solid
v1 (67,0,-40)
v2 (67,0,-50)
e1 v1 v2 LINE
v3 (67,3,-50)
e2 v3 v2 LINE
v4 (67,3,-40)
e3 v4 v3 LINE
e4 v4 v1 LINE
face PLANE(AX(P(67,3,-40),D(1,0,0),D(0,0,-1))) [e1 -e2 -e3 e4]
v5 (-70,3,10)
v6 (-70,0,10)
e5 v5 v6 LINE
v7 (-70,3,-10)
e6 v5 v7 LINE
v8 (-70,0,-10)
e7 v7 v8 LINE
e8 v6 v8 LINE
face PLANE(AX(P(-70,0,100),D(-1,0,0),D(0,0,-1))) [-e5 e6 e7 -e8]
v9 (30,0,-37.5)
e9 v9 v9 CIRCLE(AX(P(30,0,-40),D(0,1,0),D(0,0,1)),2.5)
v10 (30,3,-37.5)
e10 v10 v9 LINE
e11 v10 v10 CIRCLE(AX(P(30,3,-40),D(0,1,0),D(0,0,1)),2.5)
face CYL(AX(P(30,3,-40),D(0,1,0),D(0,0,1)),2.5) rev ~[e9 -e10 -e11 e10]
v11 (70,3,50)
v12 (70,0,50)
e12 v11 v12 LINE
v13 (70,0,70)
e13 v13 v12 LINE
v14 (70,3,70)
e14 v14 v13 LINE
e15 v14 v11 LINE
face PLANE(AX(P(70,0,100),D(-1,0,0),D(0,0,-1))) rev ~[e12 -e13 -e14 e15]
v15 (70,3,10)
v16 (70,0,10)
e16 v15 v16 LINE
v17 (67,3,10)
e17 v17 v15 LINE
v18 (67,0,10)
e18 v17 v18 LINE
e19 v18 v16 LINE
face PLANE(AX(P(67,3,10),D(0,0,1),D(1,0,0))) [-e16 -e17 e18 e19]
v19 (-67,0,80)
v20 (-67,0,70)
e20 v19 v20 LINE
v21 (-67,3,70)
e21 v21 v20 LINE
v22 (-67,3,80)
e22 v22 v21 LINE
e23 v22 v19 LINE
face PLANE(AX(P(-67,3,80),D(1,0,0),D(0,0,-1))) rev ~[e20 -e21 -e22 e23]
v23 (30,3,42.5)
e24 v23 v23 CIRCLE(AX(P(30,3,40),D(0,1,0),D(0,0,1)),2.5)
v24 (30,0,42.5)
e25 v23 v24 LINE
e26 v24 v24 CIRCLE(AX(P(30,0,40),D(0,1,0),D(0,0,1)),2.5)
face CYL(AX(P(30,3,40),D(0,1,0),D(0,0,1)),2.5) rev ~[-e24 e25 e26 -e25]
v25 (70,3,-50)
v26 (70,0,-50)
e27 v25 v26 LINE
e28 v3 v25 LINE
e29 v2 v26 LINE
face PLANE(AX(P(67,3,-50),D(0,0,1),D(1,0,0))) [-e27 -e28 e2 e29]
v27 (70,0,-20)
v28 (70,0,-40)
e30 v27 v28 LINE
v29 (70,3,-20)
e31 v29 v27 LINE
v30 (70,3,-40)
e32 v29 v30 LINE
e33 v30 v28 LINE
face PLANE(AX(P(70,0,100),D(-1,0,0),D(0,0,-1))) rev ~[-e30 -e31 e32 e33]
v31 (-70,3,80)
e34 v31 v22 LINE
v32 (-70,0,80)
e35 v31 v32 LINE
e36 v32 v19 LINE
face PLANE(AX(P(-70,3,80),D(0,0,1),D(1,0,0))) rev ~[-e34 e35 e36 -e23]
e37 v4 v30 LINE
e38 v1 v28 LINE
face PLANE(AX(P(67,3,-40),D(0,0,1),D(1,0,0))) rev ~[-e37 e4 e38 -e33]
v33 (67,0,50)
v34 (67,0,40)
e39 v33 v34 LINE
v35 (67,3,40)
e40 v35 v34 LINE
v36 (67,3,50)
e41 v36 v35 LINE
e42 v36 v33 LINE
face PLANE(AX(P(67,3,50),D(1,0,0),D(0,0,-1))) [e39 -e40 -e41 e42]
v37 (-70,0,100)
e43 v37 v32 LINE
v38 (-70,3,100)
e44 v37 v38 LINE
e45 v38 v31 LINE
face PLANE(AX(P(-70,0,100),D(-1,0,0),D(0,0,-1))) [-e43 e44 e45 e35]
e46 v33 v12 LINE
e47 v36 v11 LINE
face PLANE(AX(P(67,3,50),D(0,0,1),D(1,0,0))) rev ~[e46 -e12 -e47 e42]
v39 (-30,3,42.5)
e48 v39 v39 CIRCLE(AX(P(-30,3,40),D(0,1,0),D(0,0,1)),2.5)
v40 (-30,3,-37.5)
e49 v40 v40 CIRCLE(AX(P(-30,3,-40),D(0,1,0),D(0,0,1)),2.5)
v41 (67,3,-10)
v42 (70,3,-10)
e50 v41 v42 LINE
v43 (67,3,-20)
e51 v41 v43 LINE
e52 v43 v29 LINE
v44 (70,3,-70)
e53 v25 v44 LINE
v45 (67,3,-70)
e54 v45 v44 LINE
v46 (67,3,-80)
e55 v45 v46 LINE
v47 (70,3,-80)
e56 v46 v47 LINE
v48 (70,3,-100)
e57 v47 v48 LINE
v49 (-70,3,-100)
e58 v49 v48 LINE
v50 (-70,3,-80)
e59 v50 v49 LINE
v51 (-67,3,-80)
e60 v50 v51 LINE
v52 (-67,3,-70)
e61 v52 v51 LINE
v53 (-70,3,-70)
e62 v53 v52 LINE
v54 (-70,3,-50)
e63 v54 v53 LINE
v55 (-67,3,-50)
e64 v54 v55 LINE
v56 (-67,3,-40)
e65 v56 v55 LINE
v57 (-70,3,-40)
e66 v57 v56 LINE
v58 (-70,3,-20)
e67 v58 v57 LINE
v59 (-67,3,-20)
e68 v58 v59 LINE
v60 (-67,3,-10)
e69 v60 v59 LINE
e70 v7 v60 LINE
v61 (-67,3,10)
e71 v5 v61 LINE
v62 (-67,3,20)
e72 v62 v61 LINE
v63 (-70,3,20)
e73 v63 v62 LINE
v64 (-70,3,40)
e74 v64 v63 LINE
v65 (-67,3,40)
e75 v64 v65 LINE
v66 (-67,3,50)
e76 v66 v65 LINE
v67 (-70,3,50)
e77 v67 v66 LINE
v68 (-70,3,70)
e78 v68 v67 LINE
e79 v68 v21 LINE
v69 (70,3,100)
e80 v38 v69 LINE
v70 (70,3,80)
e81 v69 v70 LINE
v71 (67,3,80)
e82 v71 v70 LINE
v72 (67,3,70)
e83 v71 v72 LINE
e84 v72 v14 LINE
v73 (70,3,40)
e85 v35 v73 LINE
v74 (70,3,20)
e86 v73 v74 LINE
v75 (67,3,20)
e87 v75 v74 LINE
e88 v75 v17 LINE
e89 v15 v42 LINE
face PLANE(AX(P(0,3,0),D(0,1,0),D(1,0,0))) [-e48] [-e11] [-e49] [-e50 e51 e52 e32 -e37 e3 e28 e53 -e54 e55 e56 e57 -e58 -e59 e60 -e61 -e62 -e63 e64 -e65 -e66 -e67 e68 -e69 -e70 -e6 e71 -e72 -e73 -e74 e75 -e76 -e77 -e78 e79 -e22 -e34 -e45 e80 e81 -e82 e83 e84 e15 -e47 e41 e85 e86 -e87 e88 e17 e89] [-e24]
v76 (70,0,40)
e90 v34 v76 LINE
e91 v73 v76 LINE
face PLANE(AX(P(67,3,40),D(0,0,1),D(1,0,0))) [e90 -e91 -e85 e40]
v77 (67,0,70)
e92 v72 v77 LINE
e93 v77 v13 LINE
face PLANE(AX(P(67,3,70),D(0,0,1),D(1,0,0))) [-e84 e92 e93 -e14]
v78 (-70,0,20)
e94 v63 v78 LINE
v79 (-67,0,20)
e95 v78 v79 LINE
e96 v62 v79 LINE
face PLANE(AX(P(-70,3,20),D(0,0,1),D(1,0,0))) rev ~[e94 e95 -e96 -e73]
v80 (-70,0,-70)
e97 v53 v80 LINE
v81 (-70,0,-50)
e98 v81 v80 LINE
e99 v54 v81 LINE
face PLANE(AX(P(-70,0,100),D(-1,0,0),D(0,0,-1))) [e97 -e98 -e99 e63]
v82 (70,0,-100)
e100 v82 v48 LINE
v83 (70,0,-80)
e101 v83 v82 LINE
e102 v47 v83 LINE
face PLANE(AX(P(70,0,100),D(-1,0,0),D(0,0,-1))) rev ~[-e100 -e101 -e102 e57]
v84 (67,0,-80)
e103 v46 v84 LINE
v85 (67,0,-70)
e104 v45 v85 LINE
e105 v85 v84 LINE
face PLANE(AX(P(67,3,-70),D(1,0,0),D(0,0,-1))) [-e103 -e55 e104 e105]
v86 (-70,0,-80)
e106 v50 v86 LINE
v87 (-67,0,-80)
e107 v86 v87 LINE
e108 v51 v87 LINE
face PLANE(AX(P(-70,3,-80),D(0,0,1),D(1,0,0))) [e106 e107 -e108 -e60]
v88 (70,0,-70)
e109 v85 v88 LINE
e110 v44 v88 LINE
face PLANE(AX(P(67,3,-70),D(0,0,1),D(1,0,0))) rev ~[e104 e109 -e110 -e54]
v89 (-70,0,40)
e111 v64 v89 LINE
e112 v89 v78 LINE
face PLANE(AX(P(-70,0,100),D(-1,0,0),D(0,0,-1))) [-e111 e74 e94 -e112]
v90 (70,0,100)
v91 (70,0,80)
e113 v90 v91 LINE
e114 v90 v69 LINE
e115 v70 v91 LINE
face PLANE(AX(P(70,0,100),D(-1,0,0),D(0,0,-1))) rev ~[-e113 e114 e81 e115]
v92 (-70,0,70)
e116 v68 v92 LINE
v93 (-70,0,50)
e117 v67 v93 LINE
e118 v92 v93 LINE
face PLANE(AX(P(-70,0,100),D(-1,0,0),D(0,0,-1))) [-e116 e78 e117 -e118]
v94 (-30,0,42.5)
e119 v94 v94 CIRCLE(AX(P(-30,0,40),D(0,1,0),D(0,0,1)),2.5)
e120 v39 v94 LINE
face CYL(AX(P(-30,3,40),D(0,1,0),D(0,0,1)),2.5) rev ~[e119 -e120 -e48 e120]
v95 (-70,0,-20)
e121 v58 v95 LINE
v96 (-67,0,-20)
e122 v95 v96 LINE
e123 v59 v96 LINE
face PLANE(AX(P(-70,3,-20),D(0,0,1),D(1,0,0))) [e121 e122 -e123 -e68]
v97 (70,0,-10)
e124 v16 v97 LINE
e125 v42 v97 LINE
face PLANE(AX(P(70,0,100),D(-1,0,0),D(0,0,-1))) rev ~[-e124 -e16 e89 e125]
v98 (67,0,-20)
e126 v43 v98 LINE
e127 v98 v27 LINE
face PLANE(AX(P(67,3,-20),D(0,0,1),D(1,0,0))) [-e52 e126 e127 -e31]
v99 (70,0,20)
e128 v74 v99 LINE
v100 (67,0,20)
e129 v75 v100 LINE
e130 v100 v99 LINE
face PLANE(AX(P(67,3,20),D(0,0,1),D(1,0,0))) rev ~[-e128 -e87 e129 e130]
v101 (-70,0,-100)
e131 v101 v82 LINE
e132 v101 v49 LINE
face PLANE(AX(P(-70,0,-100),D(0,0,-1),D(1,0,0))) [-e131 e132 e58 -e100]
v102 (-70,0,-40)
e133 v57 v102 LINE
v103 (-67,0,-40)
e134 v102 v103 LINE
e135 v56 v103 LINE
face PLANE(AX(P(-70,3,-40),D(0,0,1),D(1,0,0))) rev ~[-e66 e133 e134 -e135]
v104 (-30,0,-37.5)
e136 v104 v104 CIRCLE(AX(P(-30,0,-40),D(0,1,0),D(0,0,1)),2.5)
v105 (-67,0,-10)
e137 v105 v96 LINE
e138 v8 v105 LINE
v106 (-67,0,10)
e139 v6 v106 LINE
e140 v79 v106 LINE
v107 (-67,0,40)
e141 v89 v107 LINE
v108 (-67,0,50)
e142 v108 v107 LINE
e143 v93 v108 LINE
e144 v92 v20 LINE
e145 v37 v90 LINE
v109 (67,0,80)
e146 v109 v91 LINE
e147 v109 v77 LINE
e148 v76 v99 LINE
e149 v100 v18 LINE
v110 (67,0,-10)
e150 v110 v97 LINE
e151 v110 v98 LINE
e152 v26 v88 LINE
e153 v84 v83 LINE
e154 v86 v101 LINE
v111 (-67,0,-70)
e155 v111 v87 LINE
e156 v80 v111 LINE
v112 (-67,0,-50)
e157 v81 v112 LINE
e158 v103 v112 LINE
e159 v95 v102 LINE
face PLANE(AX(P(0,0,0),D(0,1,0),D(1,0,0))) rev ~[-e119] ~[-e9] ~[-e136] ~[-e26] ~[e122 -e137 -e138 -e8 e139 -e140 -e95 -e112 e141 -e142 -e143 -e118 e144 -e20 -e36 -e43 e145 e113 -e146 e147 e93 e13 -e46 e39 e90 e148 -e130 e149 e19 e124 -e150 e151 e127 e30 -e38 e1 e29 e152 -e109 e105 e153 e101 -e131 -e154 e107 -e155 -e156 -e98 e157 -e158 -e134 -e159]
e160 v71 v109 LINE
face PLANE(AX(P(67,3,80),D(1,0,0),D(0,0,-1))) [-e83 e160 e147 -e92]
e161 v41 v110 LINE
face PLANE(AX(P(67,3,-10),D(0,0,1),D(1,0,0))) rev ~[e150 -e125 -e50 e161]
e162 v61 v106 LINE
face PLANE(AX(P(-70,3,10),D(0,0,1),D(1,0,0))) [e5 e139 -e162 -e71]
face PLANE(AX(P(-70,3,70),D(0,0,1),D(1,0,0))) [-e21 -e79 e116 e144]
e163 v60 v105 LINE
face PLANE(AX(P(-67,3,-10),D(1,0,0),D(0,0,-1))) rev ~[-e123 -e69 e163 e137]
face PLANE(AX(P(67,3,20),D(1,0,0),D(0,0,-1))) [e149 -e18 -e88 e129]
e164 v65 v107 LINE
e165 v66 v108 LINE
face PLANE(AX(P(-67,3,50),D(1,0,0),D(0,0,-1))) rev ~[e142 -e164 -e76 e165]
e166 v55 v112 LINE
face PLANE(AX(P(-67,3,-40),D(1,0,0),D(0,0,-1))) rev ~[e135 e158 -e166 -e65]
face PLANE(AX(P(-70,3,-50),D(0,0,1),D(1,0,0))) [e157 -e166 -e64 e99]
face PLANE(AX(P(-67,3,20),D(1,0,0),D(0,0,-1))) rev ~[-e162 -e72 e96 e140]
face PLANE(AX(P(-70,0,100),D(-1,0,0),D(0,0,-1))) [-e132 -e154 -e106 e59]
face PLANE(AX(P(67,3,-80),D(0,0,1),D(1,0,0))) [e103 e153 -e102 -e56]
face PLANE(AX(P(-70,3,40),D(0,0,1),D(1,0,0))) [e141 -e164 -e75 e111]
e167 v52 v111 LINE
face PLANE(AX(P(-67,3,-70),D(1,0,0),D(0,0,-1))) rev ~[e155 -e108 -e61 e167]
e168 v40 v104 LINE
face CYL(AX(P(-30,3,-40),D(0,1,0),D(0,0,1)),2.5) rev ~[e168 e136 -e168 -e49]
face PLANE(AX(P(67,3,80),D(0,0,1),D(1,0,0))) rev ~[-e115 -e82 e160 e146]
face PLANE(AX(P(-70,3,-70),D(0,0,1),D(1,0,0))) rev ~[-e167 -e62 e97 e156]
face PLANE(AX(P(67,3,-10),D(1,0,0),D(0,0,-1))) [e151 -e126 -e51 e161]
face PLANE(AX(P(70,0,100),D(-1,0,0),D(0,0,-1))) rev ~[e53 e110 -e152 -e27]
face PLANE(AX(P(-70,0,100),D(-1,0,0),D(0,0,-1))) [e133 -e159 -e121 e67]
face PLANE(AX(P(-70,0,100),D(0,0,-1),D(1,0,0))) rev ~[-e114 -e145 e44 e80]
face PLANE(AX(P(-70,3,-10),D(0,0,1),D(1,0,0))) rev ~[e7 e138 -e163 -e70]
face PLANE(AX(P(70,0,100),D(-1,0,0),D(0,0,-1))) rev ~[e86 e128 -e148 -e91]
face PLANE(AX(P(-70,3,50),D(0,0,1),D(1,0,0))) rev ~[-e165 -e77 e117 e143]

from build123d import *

# Parameters (mm, degrees)
SKETCH1_W           = 140
SKETCH1_H           = 200
BOSS_EXTRUDE1_DEPTH = 3
SKETCH2_R           = 2.5
CUT_EXTRUDE1_DEPTH  = 10
SKETCH3_W           = 3
SKETCH3_H           = 10
CUT_EXTRUDE2_DEPTH  = 10


with BuildPart() as part:
    # Sketch1 → Boss-Extrude1 (new body)
    with BuildSketch(Plane(origin=(0, 0, 0), x_dir=(1, 0, 0), z_dir=(0, 1, 0))):
        Rectangle(SKETCH1_W, SKETCH1_H)
    extrude(amount=BOSS_EXTRUDE1_DEPTH)

    # Sketch2 → Cut-Extrude1 (cut)
    with BuildSketch(Plane(origin=(0, 3, 0), x_dir=(1, 0, 0), z_dir=(0, 1, 0))):
        with Locations(Location((-30, 40, 0), (0, 0, 270))):
            Circle(SKETCH2_R)
        with Locations(Location((30, 40, 0), (0, 0, 270))):
            Circle(SKETCH2_R)
        with Locations(Location((-30, -40, 0), (0, 0, 270))):
            Circle(SKETCH2_R)
        with Locations(Location((30, -40, 0), (0, 0, 270))):
            Circle(SKETCH2_R)
    extrude(amount=-CUT_EXTRUDE1_DEPTH, mode=Mode.SUBTRACT)

    # Sketch3 → Cut-Extrude2 (cut)
    with BuildSketch(Plane(origin=(0, 3, 0), x_dir=(1, 0, 0), z_dir=(0, 1, 0))):
        with Locations((68.5, -45)):
            Rectangle(SKETCH3_W, SKETCH3_H)
        with Locations((68.5, -75)):
            Rectangle(SKETCH3_W, SKETCH3_H)
        with Locations((68.5, -15)):
            Rectangle(SKETCH3_W, SKETCH3_H)
        with Locations((68.5, 15)):
            Rectangle(SKETCH3_W, SKETCH3_H)
        with Locations((68.5, 45)):
            Rectangle(SKETCH3_W, SKETCH3_H)
        with Locations((68.5, 75)):
            Rectangle(SKETCH3_W, SKETCH3_H)
        with Locations((-68.5, -75)):
            Rectangle(SKETCH3_W, SKETCH3_H)
        with Locations((-68.5, -45)):
            Rectangle(SKETCH3_W, SKETCH3_H)
        with Locations((-68.5, -15)):
            Rectangle(SKETCH3_W, SKETCH3_H)
        with Locations((-68.5, 15)):
            Rectangle(SKETCH3_W, SKETCH3_H)
        with Locations((-68.5, 45)):
            Rectangle(SKETCH3_W, SKETCH3_H)
        with Locations((-68.5, 75)):
            Rectangle(SKETCH3_W, SKETCH3_H)
    extrude(amount=-CUT_EXTRUDE2_DEPTH, mode=Mode.SUBTRACT)


solid = part.part
